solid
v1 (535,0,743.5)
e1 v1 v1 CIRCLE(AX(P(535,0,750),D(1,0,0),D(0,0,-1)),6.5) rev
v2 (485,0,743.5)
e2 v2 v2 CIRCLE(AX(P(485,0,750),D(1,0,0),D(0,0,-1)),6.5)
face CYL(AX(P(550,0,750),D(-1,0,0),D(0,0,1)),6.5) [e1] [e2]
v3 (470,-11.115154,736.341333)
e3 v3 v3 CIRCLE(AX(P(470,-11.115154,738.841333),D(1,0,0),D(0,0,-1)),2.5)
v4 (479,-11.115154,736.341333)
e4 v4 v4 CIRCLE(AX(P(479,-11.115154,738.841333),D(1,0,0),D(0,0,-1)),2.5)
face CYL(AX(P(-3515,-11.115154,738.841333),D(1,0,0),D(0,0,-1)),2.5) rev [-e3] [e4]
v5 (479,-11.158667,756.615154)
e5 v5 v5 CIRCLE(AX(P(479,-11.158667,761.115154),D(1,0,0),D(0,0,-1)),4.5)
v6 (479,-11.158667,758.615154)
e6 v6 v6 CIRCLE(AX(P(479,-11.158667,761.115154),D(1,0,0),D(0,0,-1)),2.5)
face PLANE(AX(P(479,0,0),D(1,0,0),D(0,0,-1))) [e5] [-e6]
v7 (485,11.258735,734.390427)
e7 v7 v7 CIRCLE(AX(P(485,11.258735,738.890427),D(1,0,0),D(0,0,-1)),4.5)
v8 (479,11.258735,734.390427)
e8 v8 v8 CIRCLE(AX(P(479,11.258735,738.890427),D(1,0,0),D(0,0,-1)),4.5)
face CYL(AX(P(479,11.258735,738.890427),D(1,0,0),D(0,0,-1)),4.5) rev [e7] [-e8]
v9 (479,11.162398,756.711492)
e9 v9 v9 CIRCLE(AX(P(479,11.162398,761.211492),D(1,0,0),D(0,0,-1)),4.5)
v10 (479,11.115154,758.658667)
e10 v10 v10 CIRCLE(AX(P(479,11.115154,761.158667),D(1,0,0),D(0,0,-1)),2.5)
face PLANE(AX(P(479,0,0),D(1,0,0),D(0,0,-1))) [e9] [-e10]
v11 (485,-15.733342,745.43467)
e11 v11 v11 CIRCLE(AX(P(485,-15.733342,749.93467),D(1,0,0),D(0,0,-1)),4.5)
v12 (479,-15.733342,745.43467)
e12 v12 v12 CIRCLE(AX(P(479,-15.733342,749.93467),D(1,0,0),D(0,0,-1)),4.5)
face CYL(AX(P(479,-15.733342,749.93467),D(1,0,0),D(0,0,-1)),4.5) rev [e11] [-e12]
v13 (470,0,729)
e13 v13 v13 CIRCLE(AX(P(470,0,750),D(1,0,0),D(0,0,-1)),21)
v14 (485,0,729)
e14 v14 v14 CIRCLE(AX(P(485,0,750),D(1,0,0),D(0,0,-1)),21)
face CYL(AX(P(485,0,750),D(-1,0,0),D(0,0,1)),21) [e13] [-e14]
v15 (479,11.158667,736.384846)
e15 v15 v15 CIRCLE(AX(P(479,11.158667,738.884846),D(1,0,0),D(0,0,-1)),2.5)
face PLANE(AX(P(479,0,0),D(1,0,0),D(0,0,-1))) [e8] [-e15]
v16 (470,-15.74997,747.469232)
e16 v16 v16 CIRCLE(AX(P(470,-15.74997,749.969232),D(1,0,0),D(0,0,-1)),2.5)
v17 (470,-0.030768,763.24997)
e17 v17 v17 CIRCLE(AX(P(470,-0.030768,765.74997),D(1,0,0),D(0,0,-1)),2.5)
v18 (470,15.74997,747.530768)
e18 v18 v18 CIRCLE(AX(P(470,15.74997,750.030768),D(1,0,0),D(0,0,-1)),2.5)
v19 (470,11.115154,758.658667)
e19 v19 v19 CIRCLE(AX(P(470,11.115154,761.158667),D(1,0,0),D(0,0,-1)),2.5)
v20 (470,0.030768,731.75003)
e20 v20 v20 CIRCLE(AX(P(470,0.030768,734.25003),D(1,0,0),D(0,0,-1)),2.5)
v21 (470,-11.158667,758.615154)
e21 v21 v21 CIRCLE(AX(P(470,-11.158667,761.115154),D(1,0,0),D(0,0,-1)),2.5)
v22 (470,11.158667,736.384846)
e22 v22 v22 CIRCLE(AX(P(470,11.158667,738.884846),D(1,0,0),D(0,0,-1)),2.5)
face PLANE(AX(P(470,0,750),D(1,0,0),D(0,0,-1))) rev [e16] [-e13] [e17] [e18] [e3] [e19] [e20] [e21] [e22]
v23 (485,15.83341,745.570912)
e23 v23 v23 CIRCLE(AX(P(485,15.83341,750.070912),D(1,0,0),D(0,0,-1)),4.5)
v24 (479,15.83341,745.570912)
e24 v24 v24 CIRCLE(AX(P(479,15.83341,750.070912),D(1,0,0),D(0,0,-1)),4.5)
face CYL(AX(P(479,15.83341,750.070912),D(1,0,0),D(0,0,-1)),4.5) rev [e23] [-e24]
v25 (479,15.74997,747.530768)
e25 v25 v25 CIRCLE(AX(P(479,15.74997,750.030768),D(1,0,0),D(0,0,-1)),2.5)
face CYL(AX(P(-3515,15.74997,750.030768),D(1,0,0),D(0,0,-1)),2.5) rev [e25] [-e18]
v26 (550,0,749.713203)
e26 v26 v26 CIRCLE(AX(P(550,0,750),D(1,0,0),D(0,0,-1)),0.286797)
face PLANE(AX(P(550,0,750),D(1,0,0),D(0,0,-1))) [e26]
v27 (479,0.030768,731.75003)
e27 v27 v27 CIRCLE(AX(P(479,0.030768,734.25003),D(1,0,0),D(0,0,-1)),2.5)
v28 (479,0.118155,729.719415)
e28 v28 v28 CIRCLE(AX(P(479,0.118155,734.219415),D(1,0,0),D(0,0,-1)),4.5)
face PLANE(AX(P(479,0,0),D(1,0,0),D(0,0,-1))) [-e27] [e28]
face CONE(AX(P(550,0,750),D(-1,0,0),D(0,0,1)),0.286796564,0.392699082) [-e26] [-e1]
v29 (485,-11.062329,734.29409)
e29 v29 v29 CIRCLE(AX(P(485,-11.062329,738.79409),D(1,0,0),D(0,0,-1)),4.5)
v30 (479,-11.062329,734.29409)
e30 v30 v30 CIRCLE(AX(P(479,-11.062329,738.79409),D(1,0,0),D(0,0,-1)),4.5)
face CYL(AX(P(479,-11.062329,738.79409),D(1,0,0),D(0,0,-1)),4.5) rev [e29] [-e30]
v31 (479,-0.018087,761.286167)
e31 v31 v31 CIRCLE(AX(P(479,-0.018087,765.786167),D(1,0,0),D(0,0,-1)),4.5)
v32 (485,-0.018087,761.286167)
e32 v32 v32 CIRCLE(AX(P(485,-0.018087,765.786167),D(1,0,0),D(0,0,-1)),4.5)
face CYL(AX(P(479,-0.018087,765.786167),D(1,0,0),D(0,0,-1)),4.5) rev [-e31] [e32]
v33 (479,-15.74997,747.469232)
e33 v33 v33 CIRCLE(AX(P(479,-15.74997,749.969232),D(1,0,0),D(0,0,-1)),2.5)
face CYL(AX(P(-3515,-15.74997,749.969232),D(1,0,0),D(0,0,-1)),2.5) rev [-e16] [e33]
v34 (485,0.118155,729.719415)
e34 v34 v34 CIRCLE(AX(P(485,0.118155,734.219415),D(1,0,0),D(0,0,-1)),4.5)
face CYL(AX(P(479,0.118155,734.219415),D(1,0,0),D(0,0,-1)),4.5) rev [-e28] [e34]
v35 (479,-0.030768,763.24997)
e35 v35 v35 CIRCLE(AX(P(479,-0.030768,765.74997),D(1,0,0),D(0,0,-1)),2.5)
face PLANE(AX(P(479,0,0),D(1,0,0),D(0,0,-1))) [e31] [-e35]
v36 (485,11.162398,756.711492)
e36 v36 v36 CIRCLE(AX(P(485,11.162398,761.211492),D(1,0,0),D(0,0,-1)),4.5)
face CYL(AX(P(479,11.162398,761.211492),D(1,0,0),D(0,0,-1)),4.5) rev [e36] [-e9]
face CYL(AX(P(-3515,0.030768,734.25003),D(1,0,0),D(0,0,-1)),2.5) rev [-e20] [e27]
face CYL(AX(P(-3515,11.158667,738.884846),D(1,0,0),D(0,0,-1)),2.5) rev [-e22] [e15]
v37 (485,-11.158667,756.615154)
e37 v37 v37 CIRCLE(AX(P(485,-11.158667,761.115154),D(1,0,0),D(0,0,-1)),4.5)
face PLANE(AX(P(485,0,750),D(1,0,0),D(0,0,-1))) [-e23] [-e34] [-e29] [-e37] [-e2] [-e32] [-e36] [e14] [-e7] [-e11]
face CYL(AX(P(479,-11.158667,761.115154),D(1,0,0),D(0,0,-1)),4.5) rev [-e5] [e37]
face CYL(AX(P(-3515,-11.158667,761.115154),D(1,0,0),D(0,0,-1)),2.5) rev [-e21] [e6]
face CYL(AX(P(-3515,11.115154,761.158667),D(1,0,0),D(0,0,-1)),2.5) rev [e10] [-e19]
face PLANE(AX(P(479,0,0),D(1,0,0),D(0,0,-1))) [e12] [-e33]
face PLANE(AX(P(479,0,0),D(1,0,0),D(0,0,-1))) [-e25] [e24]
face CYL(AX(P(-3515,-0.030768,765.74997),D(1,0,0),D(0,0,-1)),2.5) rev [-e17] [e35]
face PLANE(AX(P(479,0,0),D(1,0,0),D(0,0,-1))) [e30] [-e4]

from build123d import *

# Parameters (mm, degrees)
ESBO_O1_R                = 21
RESSALTO_EXTRUS_O1_DEPTH = 15
ESBO_O2_R                = 6.5
RESSALTO_EXTRUS_O2_DEPTH = 65
CHANFRO1_SIZE            = 15
CHANFRO1_SIZE2           = 6.213203436
ESBO_O3_R                = 2.5
CORTE_EXTRUS_O2_DEPTH    = 4000
ESBO_O3_3_R              = 4.5
ESBO_O3_3_R_2            = 2.5
CORTE_EXTRUS_O3_DEPTH    = 6


with BuildPart() as part:
    # Esboço1 → Ressalto-extrusão1 (new body)
    with BuildSketch(Plane(origin=(470, 0, 0), x_dir=(0, 0, -1), z_dir=(1, 0, 0))):
        with Locations((-750, 0)):
            Circle(ESBO_O1_R)
    extrude(amount=RESSALTO_EXTRUS_O1_DEPTH)

    # Esboço2 → Ressalto-extrusão2 (add)
    with BuildSketch(Plane(origin=(485, 0, 0), x_dir=(0, 0, -1), z_dir=(1, 0, 0))):
        with Locations((-750, 0)):
            Circle(ESBO_O2_R)
    extrude(amount=RESSALTO_EXTRUS_O2_DEPTH)

    # Chanfro1
    chanfro1_edges = [part.edges().sort_by_distance(p)[0] for p in [
        (550, 0, 756.5),
    ]]
    chanfro1_side = [part.faces().sort_by_distance(p)[0] for p in [
        (517.5, 0, 756.5),
    ]]
    chamfer(chanfro1_edges, length=CHANFRO1_SIZE, length2=CHANFRO1_SIZE2, reference=chanfro1_side[0])

    # Esboço3 → Corte-extrusão2 (cut)
    with BuildSketch(Plane(origin=(485, 0, 0), x_dir=(0, 0, -1), z_dir=(1, 0, 0))):
        with Locations((-738.884845661, 11.158666767)):
            Circle(ESBO_O3_R)
        with Locations((-734.250030053, 0.030767933)):
            Circle(ESBO_O3_R)
        with Locations((-738.841333233, -11.115154339)):
            Circle(ESBO_O3_R)
        with Locations((-749.969232067, -15.749969947)):
            Circle(ESBO_O3_R)
        with Locations((-761.115154339, -11.158666767)):
            Circle(ESBO_O3_R)
        with Locations((-765.749969947, -0.030767933)):
            Circle(ESBO_O3_R)
        with Locations((-761.158666767, 11.115154339)):
            Circle(ESBO_O3_R)
        with Locations((-750.030767933, 15.749969947)):
            Circle(ESBO_O3_R)
    extrude(amount=-CORTE_EXTRUS_O2_DEPTH, mode=Mode.SUBTRACT)

    # Esboço3<3> → Corte-extrusão3 (cut)
    # profile 1 of 8: a face of its own
    with BuildSketch(Plane(origin=(485, 0, 0), x_dir=(0, 0, -1), z_dir=(1, 0, 0))):
        with Locations((-765.786166925, -0.018086598)):
            Circle(ESBO_O3_3_R)
        with Locations((-765.749969947, -0.030767933)):
            Circle(ESBO_O3_3_R_2, mode=Mode.SUBTRACT)
    # profile 2 of 8: a face of its own
    with BuildSketch(Plane(origin=(485, 0, 0), x_dir=(0, 0, -1), z_dir=(1, 0, 0))):
        with Locations((-761.115154339, -11.158666767)):
            Circle(ESBO_O3_3_R)
        with Locations((-761.115154339, -11.158666767)):
            Circle(ESBO_O3_3_R_2, mode=Mode.SUBTRACT)
    # profile 3 of 8: a face of its own
    with BuildSketch(Plane(origin=(485, 0, 0), x_dir=(0, 0, -1), z_dir=(1, 0, 0))):
        with Locations((-761.211491815, 11.16239786)):
            Circle(ESBO_O3_3_R)
        with Locations((-761.158666767, 11.115154339)):
            Circle(ESBO_O3_3_R_2, mode=Mode.SUBTRACT)
    # profile 4 of 8: a face of its own
    with BuildSketch(Plane(origin=(485, 0, 0), x_dir=(0, 0, -1), z_dir=(1, 0, 0))):
        with Locations((-750.070911646, 15.833410446)):
            Circle(ESBO_O3_3_R)
        with Locations((-750.030767933, 15.749969947)):
            Circle(ESBO_O3_3_R_2, mode=Mode.SUBTRACT)
    # profile 5 of 8: a face of its own
    with BuildSketch(Plane(origin=(485, 0, 0), x_dir=(0, 0, -1), z_dir=(1, 0, 0))):
        with Locations((-738.890427188, 11.258735336)):
            Circle(ESBO_O3_3_R)
        with Locations((-738.884845661, 11.158666767)):
            Circle(ESBO_O3_3_R_2, mode=Mode.SUBTRACT)
    # profile 6 of 8: a face of its own
    with BuildSketch(Plane(origin=(485, 0, 0), x_dir=(0, 0, -1), z_dir=(1, 0, 0))):
        with Locations((-734.219414603, 0.118155167)):
            Circle(ESBO_O3_3_R)
        with Locations((-734.250030053, 0.030767933)):
            Circle(ESBO_O3_3_R_2, mode=Mode.SUBTRACT)
    # profile 7 of 8: a face of its own
    with BuildSketch(Plane(origin=(485, 0, 0), x_dir=(0, 0, -1), z_dir=(1, 0, 0))):
        with Locations((-738.794089712, -11.062329291)):
            Circle(ESBO_O3_3_R)
        with Locations((-738.841333233, -11.115154339)):
            Circle(ESBO_O3_3_R_2, mode=Mode.SUBTRACT)
    # profile 8 of 8: a face of its own
    with BuildSketch(Plane(origin=(485, 0, 0), x_dir=(0, 0, -1), z_dir=(1, 0, 0))):
        with Locations((-749.934669881, -15.733341876)):
            Circle(ESBO_O3_3_R)
        with Locations((-749.969232067, -15.749969947)):
            Circle(ESBO_O3_3_R_2, mode=Mode.SUBTRACT)
    extrude(amount=-CORTE_EXTRUS_O3_DEPTH, mode=Mode.SUBTRACT)


solid = part.part
